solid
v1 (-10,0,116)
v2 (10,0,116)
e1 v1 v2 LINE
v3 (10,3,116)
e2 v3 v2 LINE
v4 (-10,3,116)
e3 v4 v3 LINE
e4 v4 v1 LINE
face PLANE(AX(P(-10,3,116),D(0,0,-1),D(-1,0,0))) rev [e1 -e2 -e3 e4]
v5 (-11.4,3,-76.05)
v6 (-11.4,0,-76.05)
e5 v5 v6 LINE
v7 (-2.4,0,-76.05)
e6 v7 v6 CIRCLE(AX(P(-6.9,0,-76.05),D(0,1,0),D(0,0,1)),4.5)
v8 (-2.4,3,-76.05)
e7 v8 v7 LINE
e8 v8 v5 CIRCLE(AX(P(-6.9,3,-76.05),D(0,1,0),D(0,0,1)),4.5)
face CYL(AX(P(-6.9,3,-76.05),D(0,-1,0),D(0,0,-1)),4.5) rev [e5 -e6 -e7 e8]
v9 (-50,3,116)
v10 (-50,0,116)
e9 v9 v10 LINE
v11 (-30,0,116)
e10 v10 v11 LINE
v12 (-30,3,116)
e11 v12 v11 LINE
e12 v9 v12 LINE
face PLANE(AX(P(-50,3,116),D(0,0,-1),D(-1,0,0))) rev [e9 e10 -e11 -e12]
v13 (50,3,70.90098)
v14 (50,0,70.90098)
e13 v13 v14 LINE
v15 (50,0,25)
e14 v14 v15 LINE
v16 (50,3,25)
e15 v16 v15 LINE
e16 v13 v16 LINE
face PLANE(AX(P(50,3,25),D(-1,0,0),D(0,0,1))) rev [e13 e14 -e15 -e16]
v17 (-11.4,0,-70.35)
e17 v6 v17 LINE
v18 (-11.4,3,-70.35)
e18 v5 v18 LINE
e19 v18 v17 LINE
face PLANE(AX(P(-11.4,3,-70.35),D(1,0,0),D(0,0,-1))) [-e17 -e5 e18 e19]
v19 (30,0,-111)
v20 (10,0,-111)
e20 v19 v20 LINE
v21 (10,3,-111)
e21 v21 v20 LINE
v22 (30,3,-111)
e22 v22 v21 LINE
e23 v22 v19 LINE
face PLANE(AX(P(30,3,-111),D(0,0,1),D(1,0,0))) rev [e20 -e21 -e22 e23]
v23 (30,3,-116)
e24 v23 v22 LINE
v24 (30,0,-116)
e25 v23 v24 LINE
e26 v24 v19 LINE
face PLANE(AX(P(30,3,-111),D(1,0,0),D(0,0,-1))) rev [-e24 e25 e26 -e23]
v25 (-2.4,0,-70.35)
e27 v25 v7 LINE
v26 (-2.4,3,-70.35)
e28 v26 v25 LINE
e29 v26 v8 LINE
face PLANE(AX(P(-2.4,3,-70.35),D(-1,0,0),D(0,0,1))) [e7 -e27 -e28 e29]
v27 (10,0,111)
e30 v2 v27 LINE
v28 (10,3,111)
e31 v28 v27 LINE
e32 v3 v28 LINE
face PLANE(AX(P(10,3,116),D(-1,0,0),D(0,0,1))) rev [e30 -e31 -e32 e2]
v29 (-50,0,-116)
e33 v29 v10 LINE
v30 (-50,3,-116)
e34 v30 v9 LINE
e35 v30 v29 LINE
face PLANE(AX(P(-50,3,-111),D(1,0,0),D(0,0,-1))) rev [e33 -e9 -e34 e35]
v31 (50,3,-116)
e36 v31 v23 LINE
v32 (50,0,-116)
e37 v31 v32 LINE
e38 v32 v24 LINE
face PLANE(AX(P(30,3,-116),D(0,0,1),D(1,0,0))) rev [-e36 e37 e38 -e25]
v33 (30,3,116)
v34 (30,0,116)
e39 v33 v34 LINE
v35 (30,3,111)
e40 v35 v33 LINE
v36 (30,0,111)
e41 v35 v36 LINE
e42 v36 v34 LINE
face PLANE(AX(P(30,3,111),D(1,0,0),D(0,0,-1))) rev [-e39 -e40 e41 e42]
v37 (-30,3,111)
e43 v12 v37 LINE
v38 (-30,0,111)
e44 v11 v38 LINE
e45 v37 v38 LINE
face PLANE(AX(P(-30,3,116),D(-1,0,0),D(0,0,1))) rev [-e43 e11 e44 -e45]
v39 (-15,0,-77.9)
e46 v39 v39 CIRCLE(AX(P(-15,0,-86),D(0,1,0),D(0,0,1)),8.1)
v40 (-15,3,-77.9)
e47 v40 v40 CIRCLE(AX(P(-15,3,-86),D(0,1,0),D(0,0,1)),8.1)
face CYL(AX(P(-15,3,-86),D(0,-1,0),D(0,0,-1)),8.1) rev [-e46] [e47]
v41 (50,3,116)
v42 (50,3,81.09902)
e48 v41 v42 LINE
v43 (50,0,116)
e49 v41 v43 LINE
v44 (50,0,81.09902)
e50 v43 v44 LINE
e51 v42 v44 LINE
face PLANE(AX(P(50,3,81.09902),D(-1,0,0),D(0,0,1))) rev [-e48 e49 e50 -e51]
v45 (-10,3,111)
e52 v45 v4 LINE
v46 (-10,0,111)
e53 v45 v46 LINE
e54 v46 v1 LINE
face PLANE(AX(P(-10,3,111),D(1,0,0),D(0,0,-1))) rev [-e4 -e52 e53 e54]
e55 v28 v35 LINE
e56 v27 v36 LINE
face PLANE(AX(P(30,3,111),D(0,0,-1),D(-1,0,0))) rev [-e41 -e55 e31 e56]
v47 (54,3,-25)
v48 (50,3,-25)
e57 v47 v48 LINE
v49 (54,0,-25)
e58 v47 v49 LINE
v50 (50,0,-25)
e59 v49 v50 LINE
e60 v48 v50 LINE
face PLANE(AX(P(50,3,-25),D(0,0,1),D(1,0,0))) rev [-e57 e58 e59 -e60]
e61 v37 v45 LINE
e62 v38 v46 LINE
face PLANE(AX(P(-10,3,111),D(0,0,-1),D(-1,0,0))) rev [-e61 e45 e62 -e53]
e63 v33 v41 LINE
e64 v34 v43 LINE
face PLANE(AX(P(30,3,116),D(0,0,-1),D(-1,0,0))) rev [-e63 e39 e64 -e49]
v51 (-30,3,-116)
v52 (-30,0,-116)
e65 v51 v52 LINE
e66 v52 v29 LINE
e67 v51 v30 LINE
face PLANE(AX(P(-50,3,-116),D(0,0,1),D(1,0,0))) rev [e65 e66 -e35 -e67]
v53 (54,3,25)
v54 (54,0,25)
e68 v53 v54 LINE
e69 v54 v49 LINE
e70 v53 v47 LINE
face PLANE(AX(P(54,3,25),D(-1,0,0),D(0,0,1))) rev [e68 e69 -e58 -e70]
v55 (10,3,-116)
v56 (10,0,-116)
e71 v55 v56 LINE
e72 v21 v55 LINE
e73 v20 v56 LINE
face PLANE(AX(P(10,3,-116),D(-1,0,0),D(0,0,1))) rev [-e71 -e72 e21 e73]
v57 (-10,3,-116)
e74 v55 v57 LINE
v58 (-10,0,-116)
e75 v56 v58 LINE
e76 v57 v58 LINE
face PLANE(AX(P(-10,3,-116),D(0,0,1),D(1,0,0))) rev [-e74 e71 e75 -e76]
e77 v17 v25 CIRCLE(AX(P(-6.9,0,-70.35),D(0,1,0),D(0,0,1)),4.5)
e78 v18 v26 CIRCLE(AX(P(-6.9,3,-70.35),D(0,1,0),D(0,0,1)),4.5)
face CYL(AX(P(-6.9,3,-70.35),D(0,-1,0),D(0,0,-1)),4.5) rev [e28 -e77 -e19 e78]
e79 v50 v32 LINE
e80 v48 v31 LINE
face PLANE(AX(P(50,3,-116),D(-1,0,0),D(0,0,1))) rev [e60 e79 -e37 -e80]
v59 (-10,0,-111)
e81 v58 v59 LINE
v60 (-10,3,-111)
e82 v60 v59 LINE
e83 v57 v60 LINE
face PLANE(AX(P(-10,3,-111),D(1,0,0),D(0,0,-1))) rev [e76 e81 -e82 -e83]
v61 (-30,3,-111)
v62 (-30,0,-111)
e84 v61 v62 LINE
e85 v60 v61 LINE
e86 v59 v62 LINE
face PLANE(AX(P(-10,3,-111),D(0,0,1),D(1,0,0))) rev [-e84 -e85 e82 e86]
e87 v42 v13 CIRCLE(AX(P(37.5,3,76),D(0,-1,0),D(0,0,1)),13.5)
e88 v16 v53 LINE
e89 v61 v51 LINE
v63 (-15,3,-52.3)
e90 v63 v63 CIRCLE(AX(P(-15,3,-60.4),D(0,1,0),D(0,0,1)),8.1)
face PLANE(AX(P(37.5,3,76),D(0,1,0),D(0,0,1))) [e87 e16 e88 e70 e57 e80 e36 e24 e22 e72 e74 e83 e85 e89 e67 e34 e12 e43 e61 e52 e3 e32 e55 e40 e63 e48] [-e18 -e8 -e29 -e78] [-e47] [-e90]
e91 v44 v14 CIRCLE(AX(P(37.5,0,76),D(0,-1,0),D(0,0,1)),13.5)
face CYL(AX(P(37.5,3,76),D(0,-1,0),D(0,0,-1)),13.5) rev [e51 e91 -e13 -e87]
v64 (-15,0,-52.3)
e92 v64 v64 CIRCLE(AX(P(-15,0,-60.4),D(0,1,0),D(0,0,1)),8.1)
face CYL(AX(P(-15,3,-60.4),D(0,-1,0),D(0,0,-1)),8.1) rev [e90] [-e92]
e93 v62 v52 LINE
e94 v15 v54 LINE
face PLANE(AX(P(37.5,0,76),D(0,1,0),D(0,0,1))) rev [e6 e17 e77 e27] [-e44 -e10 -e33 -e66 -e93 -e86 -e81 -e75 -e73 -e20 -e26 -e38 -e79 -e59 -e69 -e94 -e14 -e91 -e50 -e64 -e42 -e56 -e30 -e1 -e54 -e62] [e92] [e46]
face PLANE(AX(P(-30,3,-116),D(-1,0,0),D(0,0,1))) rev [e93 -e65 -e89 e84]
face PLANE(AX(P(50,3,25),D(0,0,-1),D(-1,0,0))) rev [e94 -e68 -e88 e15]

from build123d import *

# Parameters (mm, degrees)
SKETCH1_R           = 8.1
BOSS_EXTRUDE1_DEPTH = 3


with BuildPart() as part:
    # Sketch1 → Boss-Extrude1 (new body)
    with BuildSketch(Plane(origin=(0, 0, 0), x_dir=(1, 0, 0), z_dir=(0, 1, 0))):
        with BuildLine():
            Line((-50, -111), (-50, -116))
            Line((-50, -116), (-30, -116))
            Line((-30, -116), (-30, -111))
            Line((-30, -111), (-10, -111))
            Line((-10, -111), (-10, -116))
            Line((-10, -116), (10, -116))
            Line((10, -116), (10, -111))
            Line((10, -111), (30, -111))
            Line((30, -111), (30, -116))
            Line((30, -116), (50, -116))
            Line((50, -116), (50, -111))
            Line((50, -111), (50, -81.099019514))
            ThreePointArc((50, -81.099019514), (24, -76), (50, -70.900980486))
            Line((50, -70.900980486), (50, -25))
            Line((50, -25), (54, -25))
            Line((54, -25), (54, 25))
            Line((54, 25), (50, 25))
            Line((50, 25), (50, 111))
            Line((50, 111), (50, 116))
            Line((50, 116), (30, 116))
            Line((30, 116), (30, 111))
            Line((30, 111), (10, 111))
            Line((10, 111), (10, 116))
            Line((10, 116), (-10, 116))
            Line((-10, 116), (-10, 111))
            Line((-10, 111), (-30, 111))
            Line((-30, 111), (-30, 116))
            Line((-30, 116), (-50, 116))
            Line((-50, 116), (-50, 111))
            Line((-50, 111), (-50, -111))
        make_face()
        with Locations(Location((-15, 60.4, 0), (0, 0, 270))):
            Circle(SKETCH1_R, mode=Mode.SUBTRACT)
        with Locations(Location((-15, 86, 0), (0, 0, 270))):
            Circle(SKETCH1_R, mode=Mode.SUBTRACT)
        with BuildLine():
            Line((-11.4, 70.35), (-11.4, 76.05))
            ThreePointArc((-11.4, 76.05), (-6.9, 80.55), (-2.4, 76.05))
            Line((-2.4, 76.05), (-2.4, 70.35))
            ThreePointArc((-2.4, 70.35), (-6.9, 65.85), (-11.4, 70.35))
        make_face(mode=Mode.SUBTRACT)
    extrude(amount=BOSS_EXTRUDE1_DEPTH)


solid = part.part
